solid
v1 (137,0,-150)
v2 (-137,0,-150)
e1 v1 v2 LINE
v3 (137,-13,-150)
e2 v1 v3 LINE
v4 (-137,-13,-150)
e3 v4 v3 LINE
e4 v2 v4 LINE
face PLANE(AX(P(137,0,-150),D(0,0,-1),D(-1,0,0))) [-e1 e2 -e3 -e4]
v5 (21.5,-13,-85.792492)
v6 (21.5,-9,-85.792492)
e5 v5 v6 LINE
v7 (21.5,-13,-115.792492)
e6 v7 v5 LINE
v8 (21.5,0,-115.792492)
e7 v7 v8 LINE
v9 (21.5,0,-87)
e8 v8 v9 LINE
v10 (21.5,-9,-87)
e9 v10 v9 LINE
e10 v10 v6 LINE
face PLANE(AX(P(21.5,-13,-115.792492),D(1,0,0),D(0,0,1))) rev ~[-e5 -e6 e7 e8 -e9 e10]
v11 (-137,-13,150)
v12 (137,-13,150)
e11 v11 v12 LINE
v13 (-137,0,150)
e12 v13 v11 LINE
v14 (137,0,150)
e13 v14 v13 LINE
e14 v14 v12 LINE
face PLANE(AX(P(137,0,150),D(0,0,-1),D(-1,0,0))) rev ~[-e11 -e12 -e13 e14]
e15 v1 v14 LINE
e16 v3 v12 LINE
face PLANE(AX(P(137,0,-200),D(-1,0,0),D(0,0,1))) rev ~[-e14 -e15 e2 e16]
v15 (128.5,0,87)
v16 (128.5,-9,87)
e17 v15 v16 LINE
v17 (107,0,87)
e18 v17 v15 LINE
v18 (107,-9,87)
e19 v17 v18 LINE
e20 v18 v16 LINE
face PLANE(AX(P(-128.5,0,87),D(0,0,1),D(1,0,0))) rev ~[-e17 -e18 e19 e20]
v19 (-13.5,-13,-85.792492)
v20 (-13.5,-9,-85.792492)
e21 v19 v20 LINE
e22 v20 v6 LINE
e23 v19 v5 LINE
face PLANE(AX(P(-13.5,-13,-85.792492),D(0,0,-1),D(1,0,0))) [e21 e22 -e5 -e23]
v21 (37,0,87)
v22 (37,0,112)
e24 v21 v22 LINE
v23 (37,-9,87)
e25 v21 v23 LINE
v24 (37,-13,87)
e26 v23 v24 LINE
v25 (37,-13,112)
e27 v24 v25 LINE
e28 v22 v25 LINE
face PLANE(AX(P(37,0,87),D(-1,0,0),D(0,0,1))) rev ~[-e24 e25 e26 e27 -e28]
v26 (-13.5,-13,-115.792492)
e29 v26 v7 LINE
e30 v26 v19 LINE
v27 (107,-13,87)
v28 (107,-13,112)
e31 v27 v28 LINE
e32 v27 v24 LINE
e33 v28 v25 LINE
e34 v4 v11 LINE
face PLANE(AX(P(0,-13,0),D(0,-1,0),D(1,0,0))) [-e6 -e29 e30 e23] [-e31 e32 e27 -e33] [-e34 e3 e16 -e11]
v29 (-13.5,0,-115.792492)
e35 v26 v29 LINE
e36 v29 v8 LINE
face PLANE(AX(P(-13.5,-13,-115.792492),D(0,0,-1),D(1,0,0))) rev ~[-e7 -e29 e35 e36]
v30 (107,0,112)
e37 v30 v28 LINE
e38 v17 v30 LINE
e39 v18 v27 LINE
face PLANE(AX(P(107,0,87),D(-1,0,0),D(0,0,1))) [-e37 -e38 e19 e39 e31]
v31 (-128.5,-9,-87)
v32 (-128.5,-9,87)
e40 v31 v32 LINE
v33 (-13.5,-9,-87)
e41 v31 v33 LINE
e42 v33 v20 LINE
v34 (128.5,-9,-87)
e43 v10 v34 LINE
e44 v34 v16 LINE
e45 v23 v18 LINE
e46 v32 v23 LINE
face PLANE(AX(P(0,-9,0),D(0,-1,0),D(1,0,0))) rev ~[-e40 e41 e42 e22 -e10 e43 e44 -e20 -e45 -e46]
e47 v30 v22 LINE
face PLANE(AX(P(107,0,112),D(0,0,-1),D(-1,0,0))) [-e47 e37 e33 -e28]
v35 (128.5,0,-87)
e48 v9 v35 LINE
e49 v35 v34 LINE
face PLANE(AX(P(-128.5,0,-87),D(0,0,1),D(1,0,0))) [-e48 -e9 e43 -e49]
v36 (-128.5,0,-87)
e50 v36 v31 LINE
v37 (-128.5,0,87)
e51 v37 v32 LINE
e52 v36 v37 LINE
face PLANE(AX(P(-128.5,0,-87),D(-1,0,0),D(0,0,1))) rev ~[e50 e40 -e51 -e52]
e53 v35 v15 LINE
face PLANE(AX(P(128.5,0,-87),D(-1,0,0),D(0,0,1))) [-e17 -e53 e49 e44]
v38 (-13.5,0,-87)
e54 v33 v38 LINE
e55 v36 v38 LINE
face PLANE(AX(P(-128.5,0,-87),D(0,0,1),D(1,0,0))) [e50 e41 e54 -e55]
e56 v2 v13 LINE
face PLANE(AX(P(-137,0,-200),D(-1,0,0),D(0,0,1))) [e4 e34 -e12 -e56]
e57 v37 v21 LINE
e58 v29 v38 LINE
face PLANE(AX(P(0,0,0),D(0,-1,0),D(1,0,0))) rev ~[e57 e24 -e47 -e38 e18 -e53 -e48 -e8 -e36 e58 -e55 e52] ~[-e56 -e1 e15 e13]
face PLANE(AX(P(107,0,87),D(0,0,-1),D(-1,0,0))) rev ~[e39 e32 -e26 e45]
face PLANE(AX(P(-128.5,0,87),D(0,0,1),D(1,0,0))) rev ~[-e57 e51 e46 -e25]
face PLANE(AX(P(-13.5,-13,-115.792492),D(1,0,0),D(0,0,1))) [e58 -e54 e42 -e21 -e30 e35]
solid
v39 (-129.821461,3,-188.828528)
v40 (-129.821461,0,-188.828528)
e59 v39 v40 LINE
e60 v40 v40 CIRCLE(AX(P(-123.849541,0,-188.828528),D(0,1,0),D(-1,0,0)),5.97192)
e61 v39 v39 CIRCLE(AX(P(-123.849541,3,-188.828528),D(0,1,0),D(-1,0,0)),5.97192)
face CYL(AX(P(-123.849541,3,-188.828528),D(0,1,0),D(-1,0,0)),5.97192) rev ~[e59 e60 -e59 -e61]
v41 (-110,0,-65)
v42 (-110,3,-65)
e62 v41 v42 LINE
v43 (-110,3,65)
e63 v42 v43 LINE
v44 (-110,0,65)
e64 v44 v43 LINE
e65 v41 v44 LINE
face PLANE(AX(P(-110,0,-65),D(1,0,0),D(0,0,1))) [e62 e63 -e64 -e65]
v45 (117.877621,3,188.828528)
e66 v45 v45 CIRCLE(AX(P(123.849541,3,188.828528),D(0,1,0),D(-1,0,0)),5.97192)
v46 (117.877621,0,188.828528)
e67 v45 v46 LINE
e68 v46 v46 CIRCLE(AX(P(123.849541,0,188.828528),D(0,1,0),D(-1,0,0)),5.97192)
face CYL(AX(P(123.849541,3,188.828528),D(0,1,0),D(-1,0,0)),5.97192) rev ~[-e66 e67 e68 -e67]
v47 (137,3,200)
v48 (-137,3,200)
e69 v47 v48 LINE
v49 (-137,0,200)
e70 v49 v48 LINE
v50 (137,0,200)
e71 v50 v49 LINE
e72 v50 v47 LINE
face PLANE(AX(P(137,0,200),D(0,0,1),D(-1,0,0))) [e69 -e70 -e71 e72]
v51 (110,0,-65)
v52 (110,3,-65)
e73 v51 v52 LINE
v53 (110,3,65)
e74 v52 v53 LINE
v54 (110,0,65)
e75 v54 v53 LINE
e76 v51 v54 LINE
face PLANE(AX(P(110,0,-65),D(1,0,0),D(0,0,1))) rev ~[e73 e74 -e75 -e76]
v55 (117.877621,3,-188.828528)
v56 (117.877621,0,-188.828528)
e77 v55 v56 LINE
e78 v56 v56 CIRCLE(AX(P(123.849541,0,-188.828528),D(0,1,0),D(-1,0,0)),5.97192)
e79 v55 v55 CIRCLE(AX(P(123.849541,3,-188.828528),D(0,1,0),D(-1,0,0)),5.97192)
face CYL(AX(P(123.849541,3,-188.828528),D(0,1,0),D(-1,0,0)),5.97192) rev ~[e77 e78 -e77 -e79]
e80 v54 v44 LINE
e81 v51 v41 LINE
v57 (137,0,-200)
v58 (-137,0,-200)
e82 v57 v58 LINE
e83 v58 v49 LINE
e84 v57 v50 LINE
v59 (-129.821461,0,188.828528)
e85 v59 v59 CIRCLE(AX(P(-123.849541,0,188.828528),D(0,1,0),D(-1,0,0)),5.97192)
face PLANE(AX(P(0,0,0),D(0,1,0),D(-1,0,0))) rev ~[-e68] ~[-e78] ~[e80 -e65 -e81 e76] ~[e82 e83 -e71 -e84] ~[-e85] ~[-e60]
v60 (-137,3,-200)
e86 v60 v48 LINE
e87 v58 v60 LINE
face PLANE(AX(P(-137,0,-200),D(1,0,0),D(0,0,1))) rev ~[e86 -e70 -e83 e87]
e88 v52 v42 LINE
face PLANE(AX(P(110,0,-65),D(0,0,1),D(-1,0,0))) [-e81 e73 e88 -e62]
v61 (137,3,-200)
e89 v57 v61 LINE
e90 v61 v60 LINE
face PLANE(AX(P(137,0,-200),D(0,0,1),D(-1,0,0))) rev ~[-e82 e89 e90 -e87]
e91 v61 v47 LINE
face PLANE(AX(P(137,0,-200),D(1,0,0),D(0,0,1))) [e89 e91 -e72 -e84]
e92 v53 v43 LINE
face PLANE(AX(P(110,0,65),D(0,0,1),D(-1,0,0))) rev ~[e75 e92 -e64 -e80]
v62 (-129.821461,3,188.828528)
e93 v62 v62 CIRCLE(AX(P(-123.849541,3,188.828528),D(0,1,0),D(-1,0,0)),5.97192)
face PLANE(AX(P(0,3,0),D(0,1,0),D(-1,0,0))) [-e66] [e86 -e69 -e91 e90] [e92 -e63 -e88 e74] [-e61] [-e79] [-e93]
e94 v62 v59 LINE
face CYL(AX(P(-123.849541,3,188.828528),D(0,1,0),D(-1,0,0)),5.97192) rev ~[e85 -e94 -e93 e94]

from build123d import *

# Parameters (mm, degrees)
F0_W      = 274
F0_H      = 400
F2_DEPTH  = 13
F1_W      = 257
F1_H      = 174
F3_DEPTH  = 9
F4_W      = 274
F4_H      = 400
F4_W_2    = 220
F4_H_2    = 130
F5_DEPTH  = 3
F6_W      = 272.697836
F6_H      = 207.733818
F7_DEPTH  = 3
F9_W      = 35
F9_H      = 30
F10_DEPTH = 13
F11_W     = 70
F11_H     = 25
F12_DEPTH = 13
F13_R     = 5.97192
F14_DEPTH = 16.001
F15_DEPTH = 25
F16_DEPTH = 25
F17_DEPTH = 25
F18_W     = 274
F18_H     = 50
F19_DEPTH = 13.001


with BuildPart() as f2:
    # F0 (on Front) → F2 (new body)
    with BuildSketch(Plane.XZ):
        Rectangle(F0_W, F0_H)
    extrude(amount=F2_DEPTH)

    # F1 (on face) → F3 (cut)
    with BuildSketch(Plane.XZ):
        Rectangle(F1_W, F1_H)
    extrude(amount=F3_DEPTH, mode=Mode.SUBTRACT)

    # F9 (on face) → F10 (cut)
    with BuildSketch(Plane.XZ.offset(13)):
        with Locations((4, -100.792492)):
            Rectangle(F9_W, F9_H)
    extrude(amount=-F10_DEPTH, mode=Mode.SUBTRACT)

    # F11 (on face) → F12 (cut)
    with BuildSketch(Plane(origin=(0, 0, 0), x_dir=(-1, 0, 0), z_dir=(0, 1, 0))):
        with Locations((-72, 99.5)):
            Rectangle(F11_W, F11_H)
    extrude(amount=-F12_DEPTH, mode=Mode.SUBTRACT)


with BuildPart() as f5:
    # F4 (on face) → F5 (new body)
    with BuildSketch(Plane(origin=(0, 0, 0), x_dir=(-1, 0, 0), z_dir=(0, 1, 0))):
        Rectangle(F4_W, F4_H)
        Rectangle(F4_W_2, F4_H_2, mode=Mode.SUBTRACT)
    extrude(amount=F5_DEPTH)


with BuildPart() as f7:
    # F6 (on face) → F7 (new body)
    with BuildSketch(Plane(origin=(0, -9, 0), x_dir=(-1, 0, 0), z_dir=(0, 1, 0))):
        with Locations((-0.3777, 1.888495)):
            Rectangle(F6_W, F6_H)
    extrude(amount=F7_DEPTH)


with BuildPart() as f14_tool:
    # F13 (on face) → F14 (new body, through all)
    with BuildSketch(Plane(origin=(0, 3, 0), x_dir=(-1, 0, 0), z_dir=(0, 1, 0))):
        with Locations((-123.849541, 188.828528)):
            Circle(F13_R)
    extrude(amount=-F14_DEPTH)


with BuildPart() as f2_1:
    add(f2.part)

    # F14: cut by f14_tool
    add(f14_tool.part, mode=Mode.SUBTRACT)


with BuildPart() as f5_1:
    add(f5.part)

    # F14: cut by f14_tool
    add(f14_tool.part, mode=Mode.SUBTRACT)


with BuildPart() as f15_tool:
    # F13 (on face) → F15 (new body)
    with BuildSketch(Plane(origin=(0, 3, 0), x_dir=(-1, 0, 0), z_dir=(0, 1, 0))):
        with Locations((123.849541, 188.828528)):
            Circle(F13_R)
    extrude(amount=-F15_DEPTH)


with BuildPart() as f2_2:
    add(f2_1.part)

    # F15: cut by f15_tool
    add(f15_tool.part, mode=Mode.SUBTRACT)


with BuildPart() as f5_2:
    add(f5_1.part)

    # F15: cut by f15_tool
    add(f15_tool.part, mode=Mode.SUBTRACT)


with BuildPart() as f16_tool:
    # F13 (on face) → F16 (new body)
    with BuildSketch(Plane(origin=(0, 3, 0), x_dir=(-1, 0, 0), z_dir=(0, 1, 0))):
        with Locations((-123.849541, -188.828528)):
            Circle(F13_R)
    extrude(amount=-F16_DEPTH)


with BuildPart() as f2_3:
    add(f2_2.part)

    # F16: cut by f16_tool
    add(f16_tool.part, mode=Mode.SUBTRACT)


with BuildPart() as f5_3:
    add(f5_2.part)

    # F16: cut by f16_tool
    add(f16_tool.part, mode=Mode.SUBTRACT)


with BuildPart() as f17_tool:
    # F13 (on face) → F17 (new body)
    with BuildSketch(Plane(origin=(0, 3, 0), x_dir=(-1, 0, 0), z_dir=(0, 1, 0))):
        with Locations((123.849541, -188.828528)):
            Circle(F13_R)
    extrude(amount=-F17_DEPTH)


with BuildPart() as f2_4:
    add(f2_3.part)

    # F17: cut by f17_tool
    add(f17_tool.part, mode=Mode.SUBTRACT)

    # F18 (on face) → F19 (cut, through all)
    with BuildSketch(Plane(origin=(0, 0, 0), x_dir=(-1, 0, 0), z_dir=(0, 1, 0))):
        with Locations((0, 175)):
            Rectangle(F18_W, F18_H)
        with Locations((0, -175)):
            Rectangle(F18_W, F18_H)
    extrude(amount=-F19_DEPTH, mode=Mode.SUBTRACT)


with BuildPart() as f5_4:
    add(f5_3.part)

    # F17: cut by f17_tool
    add(f17_tool.part, mode=Mode.SUBTRACT)


solid = Compound([f2_4.part, f5_4.part])
